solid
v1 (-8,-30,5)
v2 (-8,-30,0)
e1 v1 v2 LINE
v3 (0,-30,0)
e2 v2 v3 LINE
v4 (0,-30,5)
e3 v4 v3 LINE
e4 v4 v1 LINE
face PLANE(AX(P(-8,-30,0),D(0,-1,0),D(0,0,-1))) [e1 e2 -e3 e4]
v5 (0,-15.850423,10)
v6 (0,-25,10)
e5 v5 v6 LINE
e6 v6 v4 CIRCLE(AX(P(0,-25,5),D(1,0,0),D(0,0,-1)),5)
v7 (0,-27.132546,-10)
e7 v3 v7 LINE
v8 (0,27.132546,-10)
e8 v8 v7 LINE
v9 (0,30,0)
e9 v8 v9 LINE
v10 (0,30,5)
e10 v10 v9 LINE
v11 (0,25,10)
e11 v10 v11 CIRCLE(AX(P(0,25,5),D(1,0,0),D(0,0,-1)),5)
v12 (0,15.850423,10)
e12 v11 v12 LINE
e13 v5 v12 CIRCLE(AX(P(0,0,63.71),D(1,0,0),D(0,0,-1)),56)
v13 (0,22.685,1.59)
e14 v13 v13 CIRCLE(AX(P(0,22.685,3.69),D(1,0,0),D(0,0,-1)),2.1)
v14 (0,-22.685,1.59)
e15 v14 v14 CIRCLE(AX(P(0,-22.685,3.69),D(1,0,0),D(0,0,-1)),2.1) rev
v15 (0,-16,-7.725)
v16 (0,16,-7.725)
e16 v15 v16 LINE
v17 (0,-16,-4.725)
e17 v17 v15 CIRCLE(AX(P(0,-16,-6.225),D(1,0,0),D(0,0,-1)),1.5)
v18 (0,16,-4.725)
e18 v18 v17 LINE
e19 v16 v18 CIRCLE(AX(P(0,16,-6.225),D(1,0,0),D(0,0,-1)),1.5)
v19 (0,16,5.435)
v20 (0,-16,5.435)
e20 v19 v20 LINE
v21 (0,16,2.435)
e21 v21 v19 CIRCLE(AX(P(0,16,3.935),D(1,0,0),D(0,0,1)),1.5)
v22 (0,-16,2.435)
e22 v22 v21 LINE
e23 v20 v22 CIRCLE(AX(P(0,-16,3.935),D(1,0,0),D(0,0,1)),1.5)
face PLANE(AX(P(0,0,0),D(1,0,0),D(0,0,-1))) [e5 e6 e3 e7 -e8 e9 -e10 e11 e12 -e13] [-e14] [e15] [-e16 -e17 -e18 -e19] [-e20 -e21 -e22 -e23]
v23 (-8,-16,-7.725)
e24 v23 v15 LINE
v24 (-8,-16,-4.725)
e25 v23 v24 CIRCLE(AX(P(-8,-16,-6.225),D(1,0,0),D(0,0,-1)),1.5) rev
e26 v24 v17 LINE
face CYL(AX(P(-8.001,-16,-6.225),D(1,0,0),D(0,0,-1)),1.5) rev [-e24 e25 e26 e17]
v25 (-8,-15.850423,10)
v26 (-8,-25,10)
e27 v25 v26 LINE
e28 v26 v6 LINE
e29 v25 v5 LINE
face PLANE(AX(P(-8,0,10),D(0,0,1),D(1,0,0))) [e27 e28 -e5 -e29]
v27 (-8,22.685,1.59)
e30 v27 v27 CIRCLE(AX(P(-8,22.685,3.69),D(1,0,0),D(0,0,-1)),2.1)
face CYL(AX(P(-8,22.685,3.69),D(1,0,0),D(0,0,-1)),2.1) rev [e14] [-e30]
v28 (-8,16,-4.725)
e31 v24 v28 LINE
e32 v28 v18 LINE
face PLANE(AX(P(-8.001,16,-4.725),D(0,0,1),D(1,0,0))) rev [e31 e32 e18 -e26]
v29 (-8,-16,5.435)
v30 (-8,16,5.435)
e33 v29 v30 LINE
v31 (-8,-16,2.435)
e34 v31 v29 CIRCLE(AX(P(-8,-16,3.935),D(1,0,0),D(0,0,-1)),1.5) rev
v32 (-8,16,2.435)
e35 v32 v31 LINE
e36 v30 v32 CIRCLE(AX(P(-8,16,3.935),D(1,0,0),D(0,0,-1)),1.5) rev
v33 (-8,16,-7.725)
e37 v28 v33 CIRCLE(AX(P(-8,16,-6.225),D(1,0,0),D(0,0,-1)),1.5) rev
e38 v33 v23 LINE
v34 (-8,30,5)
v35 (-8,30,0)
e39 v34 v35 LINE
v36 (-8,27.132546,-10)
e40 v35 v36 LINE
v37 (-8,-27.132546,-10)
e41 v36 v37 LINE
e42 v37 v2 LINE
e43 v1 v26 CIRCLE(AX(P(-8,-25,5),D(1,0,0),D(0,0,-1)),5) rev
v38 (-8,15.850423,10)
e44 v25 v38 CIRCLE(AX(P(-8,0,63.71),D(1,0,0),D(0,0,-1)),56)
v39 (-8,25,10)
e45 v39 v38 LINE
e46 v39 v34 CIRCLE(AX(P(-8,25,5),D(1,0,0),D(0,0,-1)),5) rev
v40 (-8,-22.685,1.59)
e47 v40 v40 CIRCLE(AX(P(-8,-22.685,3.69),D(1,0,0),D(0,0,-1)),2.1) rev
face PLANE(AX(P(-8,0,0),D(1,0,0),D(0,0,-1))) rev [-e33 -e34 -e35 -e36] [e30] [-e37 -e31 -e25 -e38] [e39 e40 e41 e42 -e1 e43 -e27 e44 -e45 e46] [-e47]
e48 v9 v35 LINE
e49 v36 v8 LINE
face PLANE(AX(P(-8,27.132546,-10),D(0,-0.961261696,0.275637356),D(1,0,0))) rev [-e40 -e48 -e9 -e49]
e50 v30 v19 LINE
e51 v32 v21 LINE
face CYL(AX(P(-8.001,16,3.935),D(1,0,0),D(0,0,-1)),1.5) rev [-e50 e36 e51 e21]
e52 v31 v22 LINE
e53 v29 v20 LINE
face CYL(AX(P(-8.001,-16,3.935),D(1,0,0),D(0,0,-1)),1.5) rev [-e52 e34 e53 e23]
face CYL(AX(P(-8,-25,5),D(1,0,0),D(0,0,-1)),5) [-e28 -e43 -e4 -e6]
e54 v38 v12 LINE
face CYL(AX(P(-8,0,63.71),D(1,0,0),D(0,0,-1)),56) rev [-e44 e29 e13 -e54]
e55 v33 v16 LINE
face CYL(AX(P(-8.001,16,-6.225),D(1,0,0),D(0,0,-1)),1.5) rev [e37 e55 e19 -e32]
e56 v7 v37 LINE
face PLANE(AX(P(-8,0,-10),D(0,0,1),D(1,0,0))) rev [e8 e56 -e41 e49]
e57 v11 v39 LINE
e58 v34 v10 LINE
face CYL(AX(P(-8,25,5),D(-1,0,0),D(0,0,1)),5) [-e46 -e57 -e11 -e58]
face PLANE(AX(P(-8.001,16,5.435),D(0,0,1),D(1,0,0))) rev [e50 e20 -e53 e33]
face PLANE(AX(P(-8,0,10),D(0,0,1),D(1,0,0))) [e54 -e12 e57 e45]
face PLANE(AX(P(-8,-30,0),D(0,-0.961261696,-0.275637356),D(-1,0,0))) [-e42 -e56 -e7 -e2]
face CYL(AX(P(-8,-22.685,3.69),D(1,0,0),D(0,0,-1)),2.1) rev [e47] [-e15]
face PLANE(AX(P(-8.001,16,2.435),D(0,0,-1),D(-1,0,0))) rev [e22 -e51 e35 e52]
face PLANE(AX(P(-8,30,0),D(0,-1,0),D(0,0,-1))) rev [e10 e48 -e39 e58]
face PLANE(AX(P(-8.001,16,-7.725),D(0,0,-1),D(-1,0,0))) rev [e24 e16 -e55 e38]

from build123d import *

# Parameters (mm, degrees)
SKETCH1_R             = 2.1
BOSS_EXTRUDE1_DEPTH   = 8
FILLET1_R             = 5
CHAMFER1_SIZE         = 10
CHAMFER1_SIZE2        = 2.867453858
CHAMFER1_PART_2_SIZE  = 10
CHAMFER1_PART_2_SIZE2 = 2.867453858
CUT_EXTRUDE1_REACH    = 10


with BuildPart() as part:
    # Sketch1 → Boss-Extrude1 (new body)
    with BuildSketch(Plane(origin=(0, 0, 0), x_dir=(0, 0, -1), z_dir=(1, 0, 0))):
        with BuildLine():
            Line((10, 30), (-10, 30))
            Line((-10, 30), (-10, 15.850422707))
            ThreePointArc((-10, 15.850422707), (-8.2854567, 8.007496488), (-7.71, 0))
            ThreePointArc((-7.71, 0), (-8.2854567, -8.007496488), (-10, -15.850422707))
            Line((-10, -15.850422707), (-10, -30))
            Line((-10, -30), (10, -30))
            Line((10, -30), (10, 30))
        make_face()
        with Locations((-3.69, -22.685)):
            Circle(SKETCH1_R, mode=Mode.SUBTRACT)
        with Locations((-3.69, 22.685)):
            Circle(SKETCH1_R, mode=Mode.SUBTRACT)
    extrude(amount=-BOSS_EXTRUDE1_DEPTH)

    # Fillet1
    fillet1_edges = [part.edges().sort_by_distance(p)[0] for p in [
        (-4, 30, 10),
        (-4, -30, 10),
    ]]
    fillet(fillet1_edges, radius=FILLET1_R)

    # Chamfer1
    chamfer1_edges = [part.edges().sort_by_distance(p)[0] for p in [
        (-4, 30, -10),
    ]]
    chamfer1_side = [part.faces().sort_by_distance(p)[0] for p in [
        (-4, 30, -2.5),
    ]]
    chamfer(chamfer1_edges, length=CHAMFER1_SIZE, length2=CHAMFER1_SIZE2, reference=chamfer1_side[0])

    # Chamfer1 part 2
    chamfer1_part_2_edges = [part.edges().sort_by_distance(p)[0] for p in [
        (-4, -30, -10),
    ]]
    chamfer1_part_2_side = [part.faces().sort_by_distance(p)[0] for p in [
        (-4, -30, -2.5),
    ]]
    chamfer(chamfer1_part_2_edges, length=CHAMFER1_PART_2_SIZE, length2=CHAMFER1_PART_2_SIZE2, reference=chamfer1_part_2_side[0])

    # Sketch2 → Cut-Extrude1 (cut, up to next)
    with BuildSketch(Plane(origin=(0, 0, 0), x_dir=(0, 0, -1), z_dir=(1, 0, 0)), mode=Mode.PRIVATE) as cut_extrude1_sk1:
        with BuildLine():
            Line((7.725, 16), (7.725, -16))
            ThreePointArc((7.725, -16), (6.225, -17.5), (4.725, -16))
            Line((4.725, -16), (4.725, 16))
            ThreePointArc((4.725, 16), (6.225, 17.5), (7.725, 16))
        make_face()
    cut_extrude1_tool1 = extrude(cut_extrude1_sk1.sketch, amount=-CUT_EXTRUDE1_REACH, mode=Mode.PRIVATE) & part.part
    add(cut_extrude1_tool1.solids().sort_by_distance((0, 0, -6.225))[0], mode=Mode.SUBTRACT)
    # Sketch2 → Cut-Extrude1 (cut, up to next)
    with BuildSketch(Plane(origin=(0, 0, 0), x_dir=(0, 0, -1), z_dir=(1, 0, 0)), mode=Mode.PRIVATE) as cut_extrude1_sk2:
        with BuildLine():
            Line((-5.435, 16), (-5.435, -16))
            ThreePointArc((-5.435, -16), (-3.935, -17.5), (-2.435, -16))
            Line((-2.435, -16), (-2.435, 16))
            ThreePointArc((-2.435, 16), (-3.935, 17.5), (-5.435, 16))
        make_face()
    cut_extrude1_tool2 = extrude(cut_extrude1_sk2.sketch, amount=-CUT_EXTRUDE1_REACH, mode=Mode.PRIVATE) & part.part
    add(cut_extrude1_tool2.solids().sort_by_distance((0, 0, 3.935))[0], mode=Mode.SUBTRACT)


solid = part.part
